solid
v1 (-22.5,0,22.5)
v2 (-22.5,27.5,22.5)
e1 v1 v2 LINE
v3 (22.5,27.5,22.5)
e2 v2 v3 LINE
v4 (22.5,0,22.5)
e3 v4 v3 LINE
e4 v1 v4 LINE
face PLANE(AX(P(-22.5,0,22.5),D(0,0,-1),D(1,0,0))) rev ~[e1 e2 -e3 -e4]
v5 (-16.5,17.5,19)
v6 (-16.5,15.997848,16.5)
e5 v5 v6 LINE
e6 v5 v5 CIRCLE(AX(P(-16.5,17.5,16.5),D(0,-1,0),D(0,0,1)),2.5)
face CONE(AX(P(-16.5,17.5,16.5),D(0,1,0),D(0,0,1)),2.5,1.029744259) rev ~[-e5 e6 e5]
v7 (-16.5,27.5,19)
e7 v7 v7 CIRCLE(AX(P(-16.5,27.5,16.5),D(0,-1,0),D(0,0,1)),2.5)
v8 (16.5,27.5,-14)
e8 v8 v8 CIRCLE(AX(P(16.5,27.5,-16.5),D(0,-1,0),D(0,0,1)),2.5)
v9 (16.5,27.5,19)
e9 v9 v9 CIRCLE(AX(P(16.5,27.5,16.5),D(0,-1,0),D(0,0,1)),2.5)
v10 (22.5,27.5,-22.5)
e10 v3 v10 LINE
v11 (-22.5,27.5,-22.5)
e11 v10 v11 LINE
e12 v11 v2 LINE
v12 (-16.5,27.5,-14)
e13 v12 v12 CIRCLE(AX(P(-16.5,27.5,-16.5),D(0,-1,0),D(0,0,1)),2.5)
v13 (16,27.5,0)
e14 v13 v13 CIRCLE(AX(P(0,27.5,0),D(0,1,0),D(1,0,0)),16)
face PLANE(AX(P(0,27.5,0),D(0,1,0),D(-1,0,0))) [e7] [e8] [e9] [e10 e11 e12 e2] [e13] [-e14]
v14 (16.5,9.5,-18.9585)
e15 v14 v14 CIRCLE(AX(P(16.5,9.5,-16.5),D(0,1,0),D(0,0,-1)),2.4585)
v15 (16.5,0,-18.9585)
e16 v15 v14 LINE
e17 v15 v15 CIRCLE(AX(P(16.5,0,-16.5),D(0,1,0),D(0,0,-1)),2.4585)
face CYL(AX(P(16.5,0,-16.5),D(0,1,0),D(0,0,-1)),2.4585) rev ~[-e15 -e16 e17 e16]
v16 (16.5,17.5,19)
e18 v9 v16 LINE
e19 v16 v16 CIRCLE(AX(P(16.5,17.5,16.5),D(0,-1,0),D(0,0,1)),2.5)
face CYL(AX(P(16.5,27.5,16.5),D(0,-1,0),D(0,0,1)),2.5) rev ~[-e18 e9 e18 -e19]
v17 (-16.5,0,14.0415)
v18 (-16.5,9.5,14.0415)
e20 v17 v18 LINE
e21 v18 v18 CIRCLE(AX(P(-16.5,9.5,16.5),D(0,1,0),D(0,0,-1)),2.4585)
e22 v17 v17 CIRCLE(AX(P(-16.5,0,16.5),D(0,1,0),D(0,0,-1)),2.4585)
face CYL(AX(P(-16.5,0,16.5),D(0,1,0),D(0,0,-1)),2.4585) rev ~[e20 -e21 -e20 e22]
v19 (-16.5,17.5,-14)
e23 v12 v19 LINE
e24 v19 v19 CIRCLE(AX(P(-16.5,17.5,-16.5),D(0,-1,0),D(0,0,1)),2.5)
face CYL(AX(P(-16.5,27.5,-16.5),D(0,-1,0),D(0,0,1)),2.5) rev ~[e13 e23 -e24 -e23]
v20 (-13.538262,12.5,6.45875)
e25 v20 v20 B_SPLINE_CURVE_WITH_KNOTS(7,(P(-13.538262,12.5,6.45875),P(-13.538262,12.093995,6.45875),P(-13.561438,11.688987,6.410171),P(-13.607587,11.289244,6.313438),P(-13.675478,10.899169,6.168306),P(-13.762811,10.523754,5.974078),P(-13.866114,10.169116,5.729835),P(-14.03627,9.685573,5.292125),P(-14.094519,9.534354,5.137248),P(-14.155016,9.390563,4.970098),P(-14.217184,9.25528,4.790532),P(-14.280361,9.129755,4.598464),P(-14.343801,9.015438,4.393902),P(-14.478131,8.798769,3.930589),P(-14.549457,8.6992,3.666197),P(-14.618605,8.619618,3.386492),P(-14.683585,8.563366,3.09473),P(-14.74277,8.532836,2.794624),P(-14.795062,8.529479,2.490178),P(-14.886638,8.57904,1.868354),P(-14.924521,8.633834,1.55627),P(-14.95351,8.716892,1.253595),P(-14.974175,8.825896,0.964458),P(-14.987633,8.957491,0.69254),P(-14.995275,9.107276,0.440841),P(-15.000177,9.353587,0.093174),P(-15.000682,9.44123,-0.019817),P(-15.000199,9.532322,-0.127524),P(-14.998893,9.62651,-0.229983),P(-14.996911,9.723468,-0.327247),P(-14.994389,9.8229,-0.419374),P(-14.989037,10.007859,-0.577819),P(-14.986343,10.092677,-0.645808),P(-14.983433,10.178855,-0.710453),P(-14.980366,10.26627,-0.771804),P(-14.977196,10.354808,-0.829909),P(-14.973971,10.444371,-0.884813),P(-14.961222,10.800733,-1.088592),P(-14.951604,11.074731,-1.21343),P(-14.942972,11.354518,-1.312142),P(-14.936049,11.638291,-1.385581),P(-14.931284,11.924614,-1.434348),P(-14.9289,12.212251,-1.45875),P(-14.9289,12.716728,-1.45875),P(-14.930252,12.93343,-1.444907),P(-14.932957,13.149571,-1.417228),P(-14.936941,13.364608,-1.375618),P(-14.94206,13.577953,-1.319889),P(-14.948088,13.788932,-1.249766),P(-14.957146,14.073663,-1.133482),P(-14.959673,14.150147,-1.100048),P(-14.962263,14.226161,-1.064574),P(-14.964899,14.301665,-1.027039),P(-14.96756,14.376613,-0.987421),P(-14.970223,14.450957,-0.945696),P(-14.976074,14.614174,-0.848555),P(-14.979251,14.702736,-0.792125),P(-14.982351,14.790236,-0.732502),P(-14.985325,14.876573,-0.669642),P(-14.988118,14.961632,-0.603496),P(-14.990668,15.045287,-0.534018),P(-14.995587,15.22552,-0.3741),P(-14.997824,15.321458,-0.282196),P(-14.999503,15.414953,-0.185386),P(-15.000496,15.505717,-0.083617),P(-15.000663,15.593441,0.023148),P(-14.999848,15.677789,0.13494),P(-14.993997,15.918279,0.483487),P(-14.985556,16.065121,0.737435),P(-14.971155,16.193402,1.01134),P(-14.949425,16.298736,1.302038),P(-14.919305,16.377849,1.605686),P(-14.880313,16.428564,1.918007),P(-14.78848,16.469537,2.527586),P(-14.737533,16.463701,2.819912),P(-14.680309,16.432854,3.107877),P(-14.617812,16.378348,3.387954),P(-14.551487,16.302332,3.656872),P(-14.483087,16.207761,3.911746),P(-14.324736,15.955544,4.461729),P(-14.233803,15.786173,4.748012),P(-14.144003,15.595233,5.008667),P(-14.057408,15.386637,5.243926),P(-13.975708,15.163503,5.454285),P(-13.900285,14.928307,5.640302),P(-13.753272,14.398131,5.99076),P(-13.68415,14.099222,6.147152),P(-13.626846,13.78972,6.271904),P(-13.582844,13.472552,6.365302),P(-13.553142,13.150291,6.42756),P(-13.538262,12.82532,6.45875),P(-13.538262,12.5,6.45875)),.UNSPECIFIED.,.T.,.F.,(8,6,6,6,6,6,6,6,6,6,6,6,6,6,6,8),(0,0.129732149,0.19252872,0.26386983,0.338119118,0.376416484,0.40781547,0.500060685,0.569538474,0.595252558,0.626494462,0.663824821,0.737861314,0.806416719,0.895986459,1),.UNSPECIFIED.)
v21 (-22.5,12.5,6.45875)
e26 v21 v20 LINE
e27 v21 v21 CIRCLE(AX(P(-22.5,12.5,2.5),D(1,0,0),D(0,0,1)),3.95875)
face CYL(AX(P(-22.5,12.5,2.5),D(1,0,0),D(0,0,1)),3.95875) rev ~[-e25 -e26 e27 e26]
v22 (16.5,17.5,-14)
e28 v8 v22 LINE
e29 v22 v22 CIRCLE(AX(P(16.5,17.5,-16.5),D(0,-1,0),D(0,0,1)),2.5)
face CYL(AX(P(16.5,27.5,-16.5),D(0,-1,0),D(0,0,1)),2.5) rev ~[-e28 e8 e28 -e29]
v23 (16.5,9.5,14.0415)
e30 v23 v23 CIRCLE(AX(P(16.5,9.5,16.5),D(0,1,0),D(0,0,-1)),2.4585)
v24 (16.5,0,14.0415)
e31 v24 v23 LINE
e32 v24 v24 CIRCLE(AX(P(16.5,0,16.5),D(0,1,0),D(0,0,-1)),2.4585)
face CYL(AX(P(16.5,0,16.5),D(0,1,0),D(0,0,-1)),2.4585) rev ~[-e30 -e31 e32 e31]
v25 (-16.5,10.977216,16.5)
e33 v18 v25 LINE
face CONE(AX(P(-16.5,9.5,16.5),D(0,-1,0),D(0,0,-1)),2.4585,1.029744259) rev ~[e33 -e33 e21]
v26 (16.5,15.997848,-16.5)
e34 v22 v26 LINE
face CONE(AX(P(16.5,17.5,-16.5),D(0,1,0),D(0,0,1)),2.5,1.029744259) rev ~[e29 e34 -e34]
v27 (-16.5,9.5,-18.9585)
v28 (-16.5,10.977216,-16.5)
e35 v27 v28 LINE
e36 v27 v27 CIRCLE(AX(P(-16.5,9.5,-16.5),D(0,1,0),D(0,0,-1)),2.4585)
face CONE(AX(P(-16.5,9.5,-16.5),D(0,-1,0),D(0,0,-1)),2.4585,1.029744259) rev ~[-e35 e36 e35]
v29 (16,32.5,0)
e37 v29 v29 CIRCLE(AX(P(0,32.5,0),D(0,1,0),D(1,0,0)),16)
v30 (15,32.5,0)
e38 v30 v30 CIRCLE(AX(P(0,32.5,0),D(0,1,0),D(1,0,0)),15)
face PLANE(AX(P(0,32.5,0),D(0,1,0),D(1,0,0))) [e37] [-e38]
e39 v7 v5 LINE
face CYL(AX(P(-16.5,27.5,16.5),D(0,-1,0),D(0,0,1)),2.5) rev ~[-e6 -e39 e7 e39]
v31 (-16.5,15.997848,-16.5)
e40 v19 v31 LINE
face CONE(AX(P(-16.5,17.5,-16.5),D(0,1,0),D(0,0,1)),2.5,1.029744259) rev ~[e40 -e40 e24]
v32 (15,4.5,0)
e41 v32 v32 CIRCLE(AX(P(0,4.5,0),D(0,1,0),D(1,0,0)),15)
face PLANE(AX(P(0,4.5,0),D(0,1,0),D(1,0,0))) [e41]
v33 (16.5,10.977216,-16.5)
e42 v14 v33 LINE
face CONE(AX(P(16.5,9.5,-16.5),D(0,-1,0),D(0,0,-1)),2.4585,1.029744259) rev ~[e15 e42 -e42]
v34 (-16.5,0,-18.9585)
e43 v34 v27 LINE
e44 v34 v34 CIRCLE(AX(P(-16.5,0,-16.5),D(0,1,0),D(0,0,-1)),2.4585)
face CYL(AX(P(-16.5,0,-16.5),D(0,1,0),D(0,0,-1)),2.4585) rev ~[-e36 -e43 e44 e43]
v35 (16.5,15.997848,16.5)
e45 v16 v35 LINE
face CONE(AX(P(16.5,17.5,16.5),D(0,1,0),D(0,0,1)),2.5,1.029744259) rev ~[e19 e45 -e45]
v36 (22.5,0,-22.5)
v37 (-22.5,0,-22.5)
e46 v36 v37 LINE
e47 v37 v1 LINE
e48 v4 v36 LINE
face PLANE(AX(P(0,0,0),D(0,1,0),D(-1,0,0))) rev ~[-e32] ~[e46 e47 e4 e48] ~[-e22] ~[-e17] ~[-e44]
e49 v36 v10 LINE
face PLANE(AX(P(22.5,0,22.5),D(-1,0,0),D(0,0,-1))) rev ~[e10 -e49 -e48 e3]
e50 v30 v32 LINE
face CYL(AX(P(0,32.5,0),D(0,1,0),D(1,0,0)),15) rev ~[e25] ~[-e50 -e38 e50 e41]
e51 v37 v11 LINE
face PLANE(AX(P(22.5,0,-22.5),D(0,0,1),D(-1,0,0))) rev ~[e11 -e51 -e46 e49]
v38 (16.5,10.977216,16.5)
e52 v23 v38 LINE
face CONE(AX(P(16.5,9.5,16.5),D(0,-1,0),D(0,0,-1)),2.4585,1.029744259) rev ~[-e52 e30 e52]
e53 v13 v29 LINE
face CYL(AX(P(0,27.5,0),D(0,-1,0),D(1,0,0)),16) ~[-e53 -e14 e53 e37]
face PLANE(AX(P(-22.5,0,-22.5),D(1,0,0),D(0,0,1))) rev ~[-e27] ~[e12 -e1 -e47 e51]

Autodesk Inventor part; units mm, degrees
ref_plane "YZ Plane" through (0, 0, 0) normal (1, 0, 0) x (0, 1, 0)
ref_plane "XZ Plane" through (0, 0, 0) normal (0, 1, 0) x (-1, 0, 0)
ref_plane "XY Plane" through (0, 0, 0) normal (0, 0, 1) x (1, 0, 0)
sketch "Sketch1" plane through (0, 0, 0) normal (0, 1, 0) x (-1, 0, 0)
  line L0 (22.5, 22.5) -> (-22.5, 22.5)
  line L1 (-22.5, 22.5) -> (-22.5, -22.5)
  line L2 (-22.5, -22.5) -> (22.5, -22.5)
  line L3 (22.5, -22.5) -> (22.5, 22.5)
  line L4 (22.5, 22.5) -> (-22.5, -22.5) construction
  line L5 (-22.5, 22.5) -> (22.5, -22.5) construction
  point P0 (0, 0)
  dimension "d0" = 45
  dimension "d1" = 45
extrude "Extrusion1" add sketch "Sketch1" along normal blind 27.5
sketch "Sketch2" plane through (0, 27.5, 0) normal (0, 1, 0) x (1, 0, 0)
  circle A0 centre (0, 0) radius 16
  dimension "d4" = 32
extrude "Extrusion2" add sketch "Sketch2" along normal blind 5
sketch "Sketch4" plane through (0, 0, 0) normal (0, -1, 0) x (1, 0, 0)
  point P0 (0, 0)
  point P1 (16.5, -16.5)
  point P2 (-16.5, -16.5)
  point P3 (-16.5, 16.5)
  point P4 (16.5, 16.5)
  dimension "d8" = 33
  dimension "d9" = 16.5
  dimension "d10" = 33
  dimension "d11" = 16.5
hole "Hole1" at (16.5, 0, -16.5) at (-16.5, 0, -16.5) at (-16.5, 0, 16.5) at (16.5, 0, 16.5) direction (0, 1, 0) diameter 4.917 depth 9.5 tip angle 118 thread size "M6x1" class "6H" standard "ISO Metric profile"
sketch "Sketch3" plane through (0, 32.5, 0) normal (0, 1, 0) x (1, 0, 0)
  circle A0 centre (0, 0) radius 15
  dimension "d7" = 30
extrude "Extrusion3" cut sketch "Sketch3" against normal blind 28
sketch "Sketch5" plane through (0, 27.5, 0) normal (0, 1, 0) x (1, 0, 0)
  circle A0 centre (16.5, 16.5) radius 2.4585 projected
  circle A1 centre (16.5, -16.5) radius 2.4585 projected
  circle A2 centre (-16.5, -16.5) radius 2.4585 projected
  circle A3 centre (-16.5, 16.5) radius 2.4585 projected
  point P0 (0, 0)
hole "Hole2" at (16.5, 27.5, -16.5) at (16.5, 27.5, 16.5) at (-16.5, 27.5, 16.5) at (-16.5, 27.5, -16.5) direction (0, -1, 0) diameter 5 depth 10 tip angle 118
sketch "Sketch6" plane through (-22.5, 0, -22.5) normal (-1, 0, 0) x (0, 0, 1)
  line L0 (45, 0) -> (45, 27.5) projected
  line L1 (0, 27.5) -> (45, 27.5) projected
  point P0 (22.5, 0)
  point P1 (25, 12.5)
  dimension "d28" = 20
  dimension "d29" = 15
hole "Hole3" at (-22.5, 12.5, 2.5) direction (1, 0, 0) diameter 7.9175 depth 27.5375 tip angle 118 thread size "M9x1" class "6H" standard "ISO Metric profile"
equation "\"d11\" = d9"
properties part number "2309HCMUTE-CDT23-NAP_DUOI"
